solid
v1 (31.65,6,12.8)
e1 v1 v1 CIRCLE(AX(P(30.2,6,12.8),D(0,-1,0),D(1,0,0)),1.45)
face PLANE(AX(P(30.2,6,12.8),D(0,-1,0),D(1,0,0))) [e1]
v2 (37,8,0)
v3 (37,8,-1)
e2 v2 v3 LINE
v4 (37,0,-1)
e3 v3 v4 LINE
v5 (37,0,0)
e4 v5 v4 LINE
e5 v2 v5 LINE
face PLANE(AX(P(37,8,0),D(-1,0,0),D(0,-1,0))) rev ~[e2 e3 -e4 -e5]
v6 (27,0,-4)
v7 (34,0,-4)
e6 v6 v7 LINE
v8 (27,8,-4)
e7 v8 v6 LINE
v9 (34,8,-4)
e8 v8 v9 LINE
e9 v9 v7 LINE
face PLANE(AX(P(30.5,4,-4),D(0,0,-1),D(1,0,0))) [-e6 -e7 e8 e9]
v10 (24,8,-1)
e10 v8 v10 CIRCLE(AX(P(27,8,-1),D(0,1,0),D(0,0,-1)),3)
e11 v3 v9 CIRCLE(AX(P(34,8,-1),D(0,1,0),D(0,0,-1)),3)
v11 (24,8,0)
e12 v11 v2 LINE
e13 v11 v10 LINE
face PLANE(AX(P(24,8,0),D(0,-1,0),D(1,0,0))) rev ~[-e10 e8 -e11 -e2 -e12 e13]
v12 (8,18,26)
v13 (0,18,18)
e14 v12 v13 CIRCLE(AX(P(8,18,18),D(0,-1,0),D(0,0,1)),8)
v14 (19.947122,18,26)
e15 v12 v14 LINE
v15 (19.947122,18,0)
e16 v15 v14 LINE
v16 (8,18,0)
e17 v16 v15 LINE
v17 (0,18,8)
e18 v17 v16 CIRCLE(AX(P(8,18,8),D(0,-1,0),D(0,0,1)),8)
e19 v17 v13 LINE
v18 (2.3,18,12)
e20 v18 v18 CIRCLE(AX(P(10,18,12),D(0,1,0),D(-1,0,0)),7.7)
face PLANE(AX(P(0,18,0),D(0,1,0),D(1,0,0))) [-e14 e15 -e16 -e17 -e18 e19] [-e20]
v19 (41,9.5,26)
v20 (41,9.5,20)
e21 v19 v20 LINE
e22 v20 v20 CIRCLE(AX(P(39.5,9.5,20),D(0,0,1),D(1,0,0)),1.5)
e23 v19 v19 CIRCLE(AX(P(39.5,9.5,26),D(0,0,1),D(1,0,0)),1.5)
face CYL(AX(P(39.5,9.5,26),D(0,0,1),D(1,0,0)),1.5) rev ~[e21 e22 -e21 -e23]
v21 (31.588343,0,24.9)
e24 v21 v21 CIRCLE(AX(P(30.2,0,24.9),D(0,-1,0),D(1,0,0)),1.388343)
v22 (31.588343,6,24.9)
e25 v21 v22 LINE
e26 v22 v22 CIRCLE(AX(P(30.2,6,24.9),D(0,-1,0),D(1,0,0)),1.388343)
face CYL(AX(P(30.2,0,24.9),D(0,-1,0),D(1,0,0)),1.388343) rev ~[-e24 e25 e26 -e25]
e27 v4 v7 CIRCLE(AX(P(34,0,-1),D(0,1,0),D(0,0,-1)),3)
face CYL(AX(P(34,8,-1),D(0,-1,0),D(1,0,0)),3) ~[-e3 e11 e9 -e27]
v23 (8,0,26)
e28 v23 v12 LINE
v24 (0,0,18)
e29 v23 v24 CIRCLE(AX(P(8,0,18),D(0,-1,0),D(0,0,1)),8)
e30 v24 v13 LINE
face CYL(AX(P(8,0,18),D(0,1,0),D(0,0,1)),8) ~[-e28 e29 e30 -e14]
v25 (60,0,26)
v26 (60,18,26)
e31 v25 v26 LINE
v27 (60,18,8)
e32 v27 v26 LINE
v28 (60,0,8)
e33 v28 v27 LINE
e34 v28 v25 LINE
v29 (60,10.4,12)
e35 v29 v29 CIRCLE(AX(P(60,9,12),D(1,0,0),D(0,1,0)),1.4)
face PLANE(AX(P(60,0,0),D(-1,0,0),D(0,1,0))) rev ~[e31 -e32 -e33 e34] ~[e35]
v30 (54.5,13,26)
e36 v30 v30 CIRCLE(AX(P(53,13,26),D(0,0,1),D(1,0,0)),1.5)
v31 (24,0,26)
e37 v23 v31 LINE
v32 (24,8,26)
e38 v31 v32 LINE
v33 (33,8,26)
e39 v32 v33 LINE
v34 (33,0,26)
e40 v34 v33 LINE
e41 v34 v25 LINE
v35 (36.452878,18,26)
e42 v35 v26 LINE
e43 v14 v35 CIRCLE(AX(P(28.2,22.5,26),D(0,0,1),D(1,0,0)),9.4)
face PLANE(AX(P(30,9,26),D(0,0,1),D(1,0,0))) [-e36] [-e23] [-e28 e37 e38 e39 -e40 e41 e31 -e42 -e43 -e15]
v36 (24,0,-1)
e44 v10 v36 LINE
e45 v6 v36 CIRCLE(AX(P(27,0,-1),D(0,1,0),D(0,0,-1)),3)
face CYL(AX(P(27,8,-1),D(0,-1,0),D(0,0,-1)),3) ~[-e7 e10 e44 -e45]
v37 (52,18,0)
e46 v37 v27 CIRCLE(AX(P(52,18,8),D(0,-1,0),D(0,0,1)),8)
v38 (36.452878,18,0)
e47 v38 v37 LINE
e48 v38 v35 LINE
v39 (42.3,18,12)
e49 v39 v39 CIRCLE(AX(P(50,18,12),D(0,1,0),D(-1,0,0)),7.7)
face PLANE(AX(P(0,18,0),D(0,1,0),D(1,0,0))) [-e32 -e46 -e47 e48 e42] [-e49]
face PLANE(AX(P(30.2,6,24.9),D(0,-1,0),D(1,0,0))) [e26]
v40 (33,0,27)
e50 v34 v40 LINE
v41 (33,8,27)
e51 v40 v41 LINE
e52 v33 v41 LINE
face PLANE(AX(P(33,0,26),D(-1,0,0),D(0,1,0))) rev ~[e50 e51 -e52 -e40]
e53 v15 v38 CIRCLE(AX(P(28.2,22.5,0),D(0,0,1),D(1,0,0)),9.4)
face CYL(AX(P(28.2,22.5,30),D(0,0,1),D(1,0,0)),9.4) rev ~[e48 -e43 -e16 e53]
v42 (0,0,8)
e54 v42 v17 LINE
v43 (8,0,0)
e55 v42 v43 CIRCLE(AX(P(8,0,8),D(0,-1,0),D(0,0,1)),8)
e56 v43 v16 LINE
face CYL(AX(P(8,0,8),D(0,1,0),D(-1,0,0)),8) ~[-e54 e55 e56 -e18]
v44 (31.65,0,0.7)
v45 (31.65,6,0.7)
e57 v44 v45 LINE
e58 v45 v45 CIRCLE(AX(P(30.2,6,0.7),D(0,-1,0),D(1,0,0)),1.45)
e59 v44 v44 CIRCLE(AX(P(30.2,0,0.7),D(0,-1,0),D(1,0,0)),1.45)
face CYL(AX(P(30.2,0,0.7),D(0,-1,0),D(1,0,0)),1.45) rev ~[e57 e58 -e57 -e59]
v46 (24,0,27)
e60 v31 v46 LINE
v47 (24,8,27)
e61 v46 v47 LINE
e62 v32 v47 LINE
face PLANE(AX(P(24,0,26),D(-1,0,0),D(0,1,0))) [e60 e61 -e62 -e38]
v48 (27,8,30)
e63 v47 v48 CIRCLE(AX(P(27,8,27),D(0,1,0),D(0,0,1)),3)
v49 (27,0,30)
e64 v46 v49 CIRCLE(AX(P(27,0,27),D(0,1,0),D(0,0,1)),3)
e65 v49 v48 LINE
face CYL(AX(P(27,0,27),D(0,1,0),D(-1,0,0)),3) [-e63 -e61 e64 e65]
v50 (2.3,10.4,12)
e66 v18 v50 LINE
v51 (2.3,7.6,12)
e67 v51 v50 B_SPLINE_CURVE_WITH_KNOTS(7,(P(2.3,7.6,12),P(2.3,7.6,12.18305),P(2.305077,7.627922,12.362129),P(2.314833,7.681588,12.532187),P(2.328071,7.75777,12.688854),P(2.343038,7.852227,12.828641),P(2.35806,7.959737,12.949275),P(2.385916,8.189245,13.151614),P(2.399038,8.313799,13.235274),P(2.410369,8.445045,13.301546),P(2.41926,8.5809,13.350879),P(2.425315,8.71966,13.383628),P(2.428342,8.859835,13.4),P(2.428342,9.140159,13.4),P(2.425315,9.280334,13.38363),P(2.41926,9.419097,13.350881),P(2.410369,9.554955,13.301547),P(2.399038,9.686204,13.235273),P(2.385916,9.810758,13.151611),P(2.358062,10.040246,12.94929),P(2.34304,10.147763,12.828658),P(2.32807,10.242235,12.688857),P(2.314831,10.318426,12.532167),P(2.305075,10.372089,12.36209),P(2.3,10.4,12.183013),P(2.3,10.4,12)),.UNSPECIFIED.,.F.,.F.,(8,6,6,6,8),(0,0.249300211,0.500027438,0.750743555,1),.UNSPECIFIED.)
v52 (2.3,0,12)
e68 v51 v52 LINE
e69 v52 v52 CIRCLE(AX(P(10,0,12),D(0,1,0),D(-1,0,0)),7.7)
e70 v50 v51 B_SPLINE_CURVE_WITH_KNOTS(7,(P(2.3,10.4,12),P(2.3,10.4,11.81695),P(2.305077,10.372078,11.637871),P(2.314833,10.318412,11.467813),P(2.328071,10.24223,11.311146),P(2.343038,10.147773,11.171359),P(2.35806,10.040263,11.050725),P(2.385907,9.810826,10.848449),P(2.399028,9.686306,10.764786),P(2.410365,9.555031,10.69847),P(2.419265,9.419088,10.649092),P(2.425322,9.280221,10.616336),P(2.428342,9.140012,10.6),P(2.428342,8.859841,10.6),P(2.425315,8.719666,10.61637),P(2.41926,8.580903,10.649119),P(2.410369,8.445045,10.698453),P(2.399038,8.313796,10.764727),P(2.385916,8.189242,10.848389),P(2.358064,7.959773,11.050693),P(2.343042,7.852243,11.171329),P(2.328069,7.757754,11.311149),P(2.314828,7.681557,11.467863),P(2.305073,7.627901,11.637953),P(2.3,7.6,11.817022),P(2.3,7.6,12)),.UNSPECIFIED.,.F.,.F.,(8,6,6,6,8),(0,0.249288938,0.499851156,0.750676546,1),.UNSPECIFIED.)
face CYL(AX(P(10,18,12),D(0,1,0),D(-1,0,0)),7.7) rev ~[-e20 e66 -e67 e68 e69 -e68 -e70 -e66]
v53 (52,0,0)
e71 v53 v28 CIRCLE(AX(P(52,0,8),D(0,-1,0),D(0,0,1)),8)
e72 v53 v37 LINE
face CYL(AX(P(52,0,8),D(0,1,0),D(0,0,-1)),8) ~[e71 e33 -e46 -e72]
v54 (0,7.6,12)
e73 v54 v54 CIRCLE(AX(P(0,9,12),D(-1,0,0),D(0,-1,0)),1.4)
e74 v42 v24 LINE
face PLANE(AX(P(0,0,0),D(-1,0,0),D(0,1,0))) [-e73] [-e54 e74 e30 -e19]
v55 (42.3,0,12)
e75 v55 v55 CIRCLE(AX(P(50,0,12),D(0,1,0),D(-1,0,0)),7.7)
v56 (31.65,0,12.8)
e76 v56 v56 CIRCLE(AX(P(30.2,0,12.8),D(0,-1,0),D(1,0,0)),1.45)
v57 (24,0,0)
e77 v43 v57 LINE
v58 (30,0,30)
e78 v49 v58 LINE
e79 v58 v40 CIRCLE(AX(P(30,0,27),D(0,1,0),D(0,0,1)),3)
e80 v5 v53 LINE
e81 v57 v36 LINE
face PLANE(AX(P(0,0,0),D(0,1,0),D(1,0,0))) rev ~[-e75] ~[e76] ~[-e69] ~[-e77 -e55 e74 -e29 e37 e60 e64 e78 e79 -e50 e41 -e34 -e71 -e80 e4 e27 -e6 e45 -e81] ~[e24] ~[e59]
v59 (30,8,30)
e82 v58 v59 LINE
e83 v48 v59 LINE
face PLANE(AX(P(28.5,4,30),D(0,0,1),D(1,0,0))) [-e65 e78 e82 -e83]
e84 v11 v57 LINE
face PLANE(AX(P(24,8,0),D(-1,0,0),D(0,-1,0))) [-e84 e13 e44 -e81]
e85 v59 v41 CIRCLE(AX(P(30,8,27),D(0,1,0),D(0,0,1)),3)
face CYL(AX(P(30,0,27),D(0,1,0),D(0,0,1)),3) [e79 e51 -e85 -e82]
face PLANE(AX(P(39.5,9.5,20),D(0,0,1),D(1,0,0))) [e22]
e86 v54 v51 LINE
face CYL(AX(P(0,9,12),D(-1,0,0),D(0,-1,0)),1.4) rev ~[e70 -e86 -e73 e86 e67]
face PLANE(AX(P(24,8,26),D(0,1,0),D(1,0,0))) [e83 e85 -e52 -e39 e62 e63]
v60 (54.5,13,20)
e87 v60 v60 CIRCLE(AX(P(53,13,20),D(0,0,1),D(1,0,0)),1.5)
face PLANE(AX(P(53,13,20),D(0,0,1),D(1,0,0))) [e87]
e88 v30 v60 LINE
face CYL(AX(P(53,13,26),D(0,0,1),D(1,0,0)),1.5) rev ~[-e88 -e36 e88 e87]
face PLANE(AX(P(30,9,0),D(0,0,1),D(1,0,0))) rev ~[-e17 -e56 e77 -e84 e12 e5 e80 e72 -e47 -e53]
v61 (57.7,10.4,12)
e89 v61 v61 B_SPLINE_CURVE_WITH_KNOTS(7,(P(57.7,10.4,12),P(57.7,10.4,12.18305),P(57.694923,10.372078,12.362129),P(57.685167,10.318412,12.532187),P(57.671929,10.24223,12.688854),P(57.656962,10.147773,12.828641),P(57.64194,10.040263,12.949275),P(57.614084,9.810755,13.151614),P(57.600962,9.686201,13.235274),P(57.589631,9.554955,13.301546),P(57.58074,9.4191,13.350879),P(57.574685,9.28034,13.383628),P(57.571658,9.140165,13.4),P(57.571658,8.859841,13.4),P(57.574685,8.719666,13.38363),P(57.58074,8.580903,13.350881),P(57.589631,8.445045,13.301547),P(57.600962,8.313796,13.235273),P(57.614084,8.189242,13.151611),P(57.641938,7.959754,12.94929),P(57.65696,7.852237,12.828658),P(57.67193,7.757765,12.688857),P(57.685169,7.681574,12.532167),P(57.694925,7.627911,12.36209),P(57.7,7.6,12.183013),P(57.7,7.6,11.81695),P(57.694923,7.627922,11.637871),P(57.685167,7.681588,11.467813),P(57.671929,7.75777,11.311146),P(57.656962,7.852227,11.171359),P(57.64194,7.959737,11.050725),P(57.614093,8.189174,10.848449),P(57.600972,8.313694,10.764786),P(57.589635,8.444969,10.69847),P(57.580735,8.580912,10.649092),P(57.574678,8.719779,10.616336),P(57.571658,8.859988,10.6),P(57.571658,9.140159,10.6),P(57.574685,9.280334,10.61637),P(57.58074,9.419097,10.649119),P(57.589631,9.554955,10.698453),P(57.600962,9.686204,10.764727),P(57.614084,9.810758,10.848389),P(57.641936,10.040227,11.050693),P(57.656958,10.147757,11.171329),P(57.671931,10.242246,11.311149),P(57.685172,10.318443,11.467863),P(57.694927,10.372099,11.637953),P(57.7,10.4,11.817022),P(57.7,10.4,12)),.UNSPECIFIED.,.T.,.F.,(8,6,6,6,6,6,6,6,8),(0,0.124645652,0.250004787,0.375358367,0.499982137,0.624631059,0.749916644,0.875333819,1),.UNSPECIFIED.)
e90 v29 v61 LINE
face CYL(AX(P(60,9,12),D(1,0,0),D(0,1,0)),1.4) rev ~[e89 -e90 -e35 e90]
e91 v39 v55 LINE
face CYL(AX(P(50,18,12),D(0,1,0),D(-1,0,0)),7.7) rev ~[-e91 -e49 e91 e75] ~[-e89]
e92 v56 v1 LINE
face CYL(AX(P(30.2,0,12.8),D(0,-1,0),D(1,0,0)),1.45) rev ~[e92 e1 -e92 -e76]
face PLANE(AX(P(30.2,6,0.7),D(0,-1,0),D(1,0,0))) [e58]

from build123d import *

# Parameters (mm, degrees)
BOX_W           = 60
BOX_H           = 18
BOX_DEPTH       = 26
SKETCH003_R     = 7.7
POCKET_DEPTH    = 18.001
SKETCH004_R     = 1.4
POCKET001_DEPTH = 5
SKETCH002_R     = 1.5
POCKET002_DEPTH = 6
SKETCH005_R     = 1.4
POCKET003_DEPTH = 5
SKETCH017_W     = 13
SKETCH017_H     = 8
PAD_DEPTH       = 4
SKETCH018_W     = 9
SKETCH018_H     = 8
PAD001_DEPTH    = 4
SKETCH008_R     = 9.4
POCKET015_DEPTH = 34.001
FILLET_R        = 3
SKETCH007_R     = 1.45
SKETCH007_R_2   = 1.388343
POCKET016_DEPTH = 6
FILLET002_R     = 8


with BuildPart() as part:
    # Box → Box (new body)
    with BuildSketch(Plane.XY):
        with Locations((30, 9)):
            Rectangle(BOX_W, BOX_H)
    extrude(amount=BOX_DEPTH)

    # Sketch003 → Pocket (cut, through all)
    with BuildSketch(Plane(origin=(0, 18, 0), x_dir=(-1, 0, 0), z_dir=(0, 1, 0))):
        with Locations((-50, 12)):
            Circle(SKETCH003_R)
        with Locations((-10, 12)):
            Circle(SKETCH003_R)
    extrude(amount=-POCKET_DEPTH, mode=Mode.SUBTRACT)

    # Sketch004 → Pocket001 (cut)
    with BuildSketch(Plane.YZ.offset(60)):
        with Locations((9, 12)):
            Circle(SKETCH004_R)
    extrude(amount=-POCKET001_DEPTH, mode=Mode.SUBTRACT)

    # Sketch002 → Pocket002 (cut)
    with BuildSketch(Plane.XY.offset(26)):
        with Locations((39.5, 9.5)):
            Circle(SKETCH002_R)
        with Locations((53, 13)):
            Circle(SKETCH002_R)
    extrude(amount=-POCKET002_DEPTH, mode=Mode.SUBTRACT)

    # Sketch005 → Pocket003 (cut)
    with BuildSketch(Plane(origin=(0, 0, 0), x_dir=(0, -1, 0), z_dir=(-1, 0, 0))):
        with Locations((-9, 12)):
            Circle(SKETCH005_R)
    extrude(amount=-POCKET003_DEPTH, mode=Mode.SUBTRACT)

    # Sketch017 → Pad (new body)
    with BuildSketch(Plane(origin=(0, 0, 0), x_dir=(1, 0, 0), z_dir=(0, 0, -1))):
        with Locations((30.5, -4)):
            Rectangle(SKETCH017_W, SKETCH017_H)
    extrude(amount=PAD_DEPTH)

    # Sketch018 → Pad001 (new body)
    with BuildSketch(Plane.XY.offset(26)):
        with Locations((28.5, 4)):
            Rectangle(SKETCH018_W, SKETCH018_H)
    extrude(amount=PAD001_DEPTH)

    # Sketch008 → Pocket015 (cut, through all)
    with BuildSketch(Plane.XY.offset(30)):
        with Locations((28.2, 22.5)):
            Circle(SKETCH008_R)
    extrude(amount=-POCKET015_DEPTH, mode=Mode.SUBTRACT)

    # Fillet
    fillet_edges = [part.edges().sort_by_distance(p)[0] for p in [
        (24, 4, 30),
        (33, 4, 30),
        (37, 4, -4),
        (24, 4, -4),
    ]]
    fillet(fillet_edges, radius=FILLET_R)

    # Sketch007 → Pocket016 (cut)
    with BuildSketch(Plane.XZ):
        with Locations((30.2, 12.8)):
            Circle(SKETCH007_R)
        with Locations((30.2, 0.7)):
            Circle(SKETCH007_R)
        with Locations((30.2, 24.9)):
            Circle(SKETCH007_R_2)
    extrude(amount=-POCKET016_DEPTH, mode=Mode.SUBTRACT)

    # Fillet002
    fillet002_edges = [part.edges().sort_by_distance(p)[0] for p in [
        (0, 9, 26),
        (0, 9, 0),
        (60, 9, 0),
    ]]
    fillet(fillet002_edges, radius=FILLET002_R)


solid = part.part
